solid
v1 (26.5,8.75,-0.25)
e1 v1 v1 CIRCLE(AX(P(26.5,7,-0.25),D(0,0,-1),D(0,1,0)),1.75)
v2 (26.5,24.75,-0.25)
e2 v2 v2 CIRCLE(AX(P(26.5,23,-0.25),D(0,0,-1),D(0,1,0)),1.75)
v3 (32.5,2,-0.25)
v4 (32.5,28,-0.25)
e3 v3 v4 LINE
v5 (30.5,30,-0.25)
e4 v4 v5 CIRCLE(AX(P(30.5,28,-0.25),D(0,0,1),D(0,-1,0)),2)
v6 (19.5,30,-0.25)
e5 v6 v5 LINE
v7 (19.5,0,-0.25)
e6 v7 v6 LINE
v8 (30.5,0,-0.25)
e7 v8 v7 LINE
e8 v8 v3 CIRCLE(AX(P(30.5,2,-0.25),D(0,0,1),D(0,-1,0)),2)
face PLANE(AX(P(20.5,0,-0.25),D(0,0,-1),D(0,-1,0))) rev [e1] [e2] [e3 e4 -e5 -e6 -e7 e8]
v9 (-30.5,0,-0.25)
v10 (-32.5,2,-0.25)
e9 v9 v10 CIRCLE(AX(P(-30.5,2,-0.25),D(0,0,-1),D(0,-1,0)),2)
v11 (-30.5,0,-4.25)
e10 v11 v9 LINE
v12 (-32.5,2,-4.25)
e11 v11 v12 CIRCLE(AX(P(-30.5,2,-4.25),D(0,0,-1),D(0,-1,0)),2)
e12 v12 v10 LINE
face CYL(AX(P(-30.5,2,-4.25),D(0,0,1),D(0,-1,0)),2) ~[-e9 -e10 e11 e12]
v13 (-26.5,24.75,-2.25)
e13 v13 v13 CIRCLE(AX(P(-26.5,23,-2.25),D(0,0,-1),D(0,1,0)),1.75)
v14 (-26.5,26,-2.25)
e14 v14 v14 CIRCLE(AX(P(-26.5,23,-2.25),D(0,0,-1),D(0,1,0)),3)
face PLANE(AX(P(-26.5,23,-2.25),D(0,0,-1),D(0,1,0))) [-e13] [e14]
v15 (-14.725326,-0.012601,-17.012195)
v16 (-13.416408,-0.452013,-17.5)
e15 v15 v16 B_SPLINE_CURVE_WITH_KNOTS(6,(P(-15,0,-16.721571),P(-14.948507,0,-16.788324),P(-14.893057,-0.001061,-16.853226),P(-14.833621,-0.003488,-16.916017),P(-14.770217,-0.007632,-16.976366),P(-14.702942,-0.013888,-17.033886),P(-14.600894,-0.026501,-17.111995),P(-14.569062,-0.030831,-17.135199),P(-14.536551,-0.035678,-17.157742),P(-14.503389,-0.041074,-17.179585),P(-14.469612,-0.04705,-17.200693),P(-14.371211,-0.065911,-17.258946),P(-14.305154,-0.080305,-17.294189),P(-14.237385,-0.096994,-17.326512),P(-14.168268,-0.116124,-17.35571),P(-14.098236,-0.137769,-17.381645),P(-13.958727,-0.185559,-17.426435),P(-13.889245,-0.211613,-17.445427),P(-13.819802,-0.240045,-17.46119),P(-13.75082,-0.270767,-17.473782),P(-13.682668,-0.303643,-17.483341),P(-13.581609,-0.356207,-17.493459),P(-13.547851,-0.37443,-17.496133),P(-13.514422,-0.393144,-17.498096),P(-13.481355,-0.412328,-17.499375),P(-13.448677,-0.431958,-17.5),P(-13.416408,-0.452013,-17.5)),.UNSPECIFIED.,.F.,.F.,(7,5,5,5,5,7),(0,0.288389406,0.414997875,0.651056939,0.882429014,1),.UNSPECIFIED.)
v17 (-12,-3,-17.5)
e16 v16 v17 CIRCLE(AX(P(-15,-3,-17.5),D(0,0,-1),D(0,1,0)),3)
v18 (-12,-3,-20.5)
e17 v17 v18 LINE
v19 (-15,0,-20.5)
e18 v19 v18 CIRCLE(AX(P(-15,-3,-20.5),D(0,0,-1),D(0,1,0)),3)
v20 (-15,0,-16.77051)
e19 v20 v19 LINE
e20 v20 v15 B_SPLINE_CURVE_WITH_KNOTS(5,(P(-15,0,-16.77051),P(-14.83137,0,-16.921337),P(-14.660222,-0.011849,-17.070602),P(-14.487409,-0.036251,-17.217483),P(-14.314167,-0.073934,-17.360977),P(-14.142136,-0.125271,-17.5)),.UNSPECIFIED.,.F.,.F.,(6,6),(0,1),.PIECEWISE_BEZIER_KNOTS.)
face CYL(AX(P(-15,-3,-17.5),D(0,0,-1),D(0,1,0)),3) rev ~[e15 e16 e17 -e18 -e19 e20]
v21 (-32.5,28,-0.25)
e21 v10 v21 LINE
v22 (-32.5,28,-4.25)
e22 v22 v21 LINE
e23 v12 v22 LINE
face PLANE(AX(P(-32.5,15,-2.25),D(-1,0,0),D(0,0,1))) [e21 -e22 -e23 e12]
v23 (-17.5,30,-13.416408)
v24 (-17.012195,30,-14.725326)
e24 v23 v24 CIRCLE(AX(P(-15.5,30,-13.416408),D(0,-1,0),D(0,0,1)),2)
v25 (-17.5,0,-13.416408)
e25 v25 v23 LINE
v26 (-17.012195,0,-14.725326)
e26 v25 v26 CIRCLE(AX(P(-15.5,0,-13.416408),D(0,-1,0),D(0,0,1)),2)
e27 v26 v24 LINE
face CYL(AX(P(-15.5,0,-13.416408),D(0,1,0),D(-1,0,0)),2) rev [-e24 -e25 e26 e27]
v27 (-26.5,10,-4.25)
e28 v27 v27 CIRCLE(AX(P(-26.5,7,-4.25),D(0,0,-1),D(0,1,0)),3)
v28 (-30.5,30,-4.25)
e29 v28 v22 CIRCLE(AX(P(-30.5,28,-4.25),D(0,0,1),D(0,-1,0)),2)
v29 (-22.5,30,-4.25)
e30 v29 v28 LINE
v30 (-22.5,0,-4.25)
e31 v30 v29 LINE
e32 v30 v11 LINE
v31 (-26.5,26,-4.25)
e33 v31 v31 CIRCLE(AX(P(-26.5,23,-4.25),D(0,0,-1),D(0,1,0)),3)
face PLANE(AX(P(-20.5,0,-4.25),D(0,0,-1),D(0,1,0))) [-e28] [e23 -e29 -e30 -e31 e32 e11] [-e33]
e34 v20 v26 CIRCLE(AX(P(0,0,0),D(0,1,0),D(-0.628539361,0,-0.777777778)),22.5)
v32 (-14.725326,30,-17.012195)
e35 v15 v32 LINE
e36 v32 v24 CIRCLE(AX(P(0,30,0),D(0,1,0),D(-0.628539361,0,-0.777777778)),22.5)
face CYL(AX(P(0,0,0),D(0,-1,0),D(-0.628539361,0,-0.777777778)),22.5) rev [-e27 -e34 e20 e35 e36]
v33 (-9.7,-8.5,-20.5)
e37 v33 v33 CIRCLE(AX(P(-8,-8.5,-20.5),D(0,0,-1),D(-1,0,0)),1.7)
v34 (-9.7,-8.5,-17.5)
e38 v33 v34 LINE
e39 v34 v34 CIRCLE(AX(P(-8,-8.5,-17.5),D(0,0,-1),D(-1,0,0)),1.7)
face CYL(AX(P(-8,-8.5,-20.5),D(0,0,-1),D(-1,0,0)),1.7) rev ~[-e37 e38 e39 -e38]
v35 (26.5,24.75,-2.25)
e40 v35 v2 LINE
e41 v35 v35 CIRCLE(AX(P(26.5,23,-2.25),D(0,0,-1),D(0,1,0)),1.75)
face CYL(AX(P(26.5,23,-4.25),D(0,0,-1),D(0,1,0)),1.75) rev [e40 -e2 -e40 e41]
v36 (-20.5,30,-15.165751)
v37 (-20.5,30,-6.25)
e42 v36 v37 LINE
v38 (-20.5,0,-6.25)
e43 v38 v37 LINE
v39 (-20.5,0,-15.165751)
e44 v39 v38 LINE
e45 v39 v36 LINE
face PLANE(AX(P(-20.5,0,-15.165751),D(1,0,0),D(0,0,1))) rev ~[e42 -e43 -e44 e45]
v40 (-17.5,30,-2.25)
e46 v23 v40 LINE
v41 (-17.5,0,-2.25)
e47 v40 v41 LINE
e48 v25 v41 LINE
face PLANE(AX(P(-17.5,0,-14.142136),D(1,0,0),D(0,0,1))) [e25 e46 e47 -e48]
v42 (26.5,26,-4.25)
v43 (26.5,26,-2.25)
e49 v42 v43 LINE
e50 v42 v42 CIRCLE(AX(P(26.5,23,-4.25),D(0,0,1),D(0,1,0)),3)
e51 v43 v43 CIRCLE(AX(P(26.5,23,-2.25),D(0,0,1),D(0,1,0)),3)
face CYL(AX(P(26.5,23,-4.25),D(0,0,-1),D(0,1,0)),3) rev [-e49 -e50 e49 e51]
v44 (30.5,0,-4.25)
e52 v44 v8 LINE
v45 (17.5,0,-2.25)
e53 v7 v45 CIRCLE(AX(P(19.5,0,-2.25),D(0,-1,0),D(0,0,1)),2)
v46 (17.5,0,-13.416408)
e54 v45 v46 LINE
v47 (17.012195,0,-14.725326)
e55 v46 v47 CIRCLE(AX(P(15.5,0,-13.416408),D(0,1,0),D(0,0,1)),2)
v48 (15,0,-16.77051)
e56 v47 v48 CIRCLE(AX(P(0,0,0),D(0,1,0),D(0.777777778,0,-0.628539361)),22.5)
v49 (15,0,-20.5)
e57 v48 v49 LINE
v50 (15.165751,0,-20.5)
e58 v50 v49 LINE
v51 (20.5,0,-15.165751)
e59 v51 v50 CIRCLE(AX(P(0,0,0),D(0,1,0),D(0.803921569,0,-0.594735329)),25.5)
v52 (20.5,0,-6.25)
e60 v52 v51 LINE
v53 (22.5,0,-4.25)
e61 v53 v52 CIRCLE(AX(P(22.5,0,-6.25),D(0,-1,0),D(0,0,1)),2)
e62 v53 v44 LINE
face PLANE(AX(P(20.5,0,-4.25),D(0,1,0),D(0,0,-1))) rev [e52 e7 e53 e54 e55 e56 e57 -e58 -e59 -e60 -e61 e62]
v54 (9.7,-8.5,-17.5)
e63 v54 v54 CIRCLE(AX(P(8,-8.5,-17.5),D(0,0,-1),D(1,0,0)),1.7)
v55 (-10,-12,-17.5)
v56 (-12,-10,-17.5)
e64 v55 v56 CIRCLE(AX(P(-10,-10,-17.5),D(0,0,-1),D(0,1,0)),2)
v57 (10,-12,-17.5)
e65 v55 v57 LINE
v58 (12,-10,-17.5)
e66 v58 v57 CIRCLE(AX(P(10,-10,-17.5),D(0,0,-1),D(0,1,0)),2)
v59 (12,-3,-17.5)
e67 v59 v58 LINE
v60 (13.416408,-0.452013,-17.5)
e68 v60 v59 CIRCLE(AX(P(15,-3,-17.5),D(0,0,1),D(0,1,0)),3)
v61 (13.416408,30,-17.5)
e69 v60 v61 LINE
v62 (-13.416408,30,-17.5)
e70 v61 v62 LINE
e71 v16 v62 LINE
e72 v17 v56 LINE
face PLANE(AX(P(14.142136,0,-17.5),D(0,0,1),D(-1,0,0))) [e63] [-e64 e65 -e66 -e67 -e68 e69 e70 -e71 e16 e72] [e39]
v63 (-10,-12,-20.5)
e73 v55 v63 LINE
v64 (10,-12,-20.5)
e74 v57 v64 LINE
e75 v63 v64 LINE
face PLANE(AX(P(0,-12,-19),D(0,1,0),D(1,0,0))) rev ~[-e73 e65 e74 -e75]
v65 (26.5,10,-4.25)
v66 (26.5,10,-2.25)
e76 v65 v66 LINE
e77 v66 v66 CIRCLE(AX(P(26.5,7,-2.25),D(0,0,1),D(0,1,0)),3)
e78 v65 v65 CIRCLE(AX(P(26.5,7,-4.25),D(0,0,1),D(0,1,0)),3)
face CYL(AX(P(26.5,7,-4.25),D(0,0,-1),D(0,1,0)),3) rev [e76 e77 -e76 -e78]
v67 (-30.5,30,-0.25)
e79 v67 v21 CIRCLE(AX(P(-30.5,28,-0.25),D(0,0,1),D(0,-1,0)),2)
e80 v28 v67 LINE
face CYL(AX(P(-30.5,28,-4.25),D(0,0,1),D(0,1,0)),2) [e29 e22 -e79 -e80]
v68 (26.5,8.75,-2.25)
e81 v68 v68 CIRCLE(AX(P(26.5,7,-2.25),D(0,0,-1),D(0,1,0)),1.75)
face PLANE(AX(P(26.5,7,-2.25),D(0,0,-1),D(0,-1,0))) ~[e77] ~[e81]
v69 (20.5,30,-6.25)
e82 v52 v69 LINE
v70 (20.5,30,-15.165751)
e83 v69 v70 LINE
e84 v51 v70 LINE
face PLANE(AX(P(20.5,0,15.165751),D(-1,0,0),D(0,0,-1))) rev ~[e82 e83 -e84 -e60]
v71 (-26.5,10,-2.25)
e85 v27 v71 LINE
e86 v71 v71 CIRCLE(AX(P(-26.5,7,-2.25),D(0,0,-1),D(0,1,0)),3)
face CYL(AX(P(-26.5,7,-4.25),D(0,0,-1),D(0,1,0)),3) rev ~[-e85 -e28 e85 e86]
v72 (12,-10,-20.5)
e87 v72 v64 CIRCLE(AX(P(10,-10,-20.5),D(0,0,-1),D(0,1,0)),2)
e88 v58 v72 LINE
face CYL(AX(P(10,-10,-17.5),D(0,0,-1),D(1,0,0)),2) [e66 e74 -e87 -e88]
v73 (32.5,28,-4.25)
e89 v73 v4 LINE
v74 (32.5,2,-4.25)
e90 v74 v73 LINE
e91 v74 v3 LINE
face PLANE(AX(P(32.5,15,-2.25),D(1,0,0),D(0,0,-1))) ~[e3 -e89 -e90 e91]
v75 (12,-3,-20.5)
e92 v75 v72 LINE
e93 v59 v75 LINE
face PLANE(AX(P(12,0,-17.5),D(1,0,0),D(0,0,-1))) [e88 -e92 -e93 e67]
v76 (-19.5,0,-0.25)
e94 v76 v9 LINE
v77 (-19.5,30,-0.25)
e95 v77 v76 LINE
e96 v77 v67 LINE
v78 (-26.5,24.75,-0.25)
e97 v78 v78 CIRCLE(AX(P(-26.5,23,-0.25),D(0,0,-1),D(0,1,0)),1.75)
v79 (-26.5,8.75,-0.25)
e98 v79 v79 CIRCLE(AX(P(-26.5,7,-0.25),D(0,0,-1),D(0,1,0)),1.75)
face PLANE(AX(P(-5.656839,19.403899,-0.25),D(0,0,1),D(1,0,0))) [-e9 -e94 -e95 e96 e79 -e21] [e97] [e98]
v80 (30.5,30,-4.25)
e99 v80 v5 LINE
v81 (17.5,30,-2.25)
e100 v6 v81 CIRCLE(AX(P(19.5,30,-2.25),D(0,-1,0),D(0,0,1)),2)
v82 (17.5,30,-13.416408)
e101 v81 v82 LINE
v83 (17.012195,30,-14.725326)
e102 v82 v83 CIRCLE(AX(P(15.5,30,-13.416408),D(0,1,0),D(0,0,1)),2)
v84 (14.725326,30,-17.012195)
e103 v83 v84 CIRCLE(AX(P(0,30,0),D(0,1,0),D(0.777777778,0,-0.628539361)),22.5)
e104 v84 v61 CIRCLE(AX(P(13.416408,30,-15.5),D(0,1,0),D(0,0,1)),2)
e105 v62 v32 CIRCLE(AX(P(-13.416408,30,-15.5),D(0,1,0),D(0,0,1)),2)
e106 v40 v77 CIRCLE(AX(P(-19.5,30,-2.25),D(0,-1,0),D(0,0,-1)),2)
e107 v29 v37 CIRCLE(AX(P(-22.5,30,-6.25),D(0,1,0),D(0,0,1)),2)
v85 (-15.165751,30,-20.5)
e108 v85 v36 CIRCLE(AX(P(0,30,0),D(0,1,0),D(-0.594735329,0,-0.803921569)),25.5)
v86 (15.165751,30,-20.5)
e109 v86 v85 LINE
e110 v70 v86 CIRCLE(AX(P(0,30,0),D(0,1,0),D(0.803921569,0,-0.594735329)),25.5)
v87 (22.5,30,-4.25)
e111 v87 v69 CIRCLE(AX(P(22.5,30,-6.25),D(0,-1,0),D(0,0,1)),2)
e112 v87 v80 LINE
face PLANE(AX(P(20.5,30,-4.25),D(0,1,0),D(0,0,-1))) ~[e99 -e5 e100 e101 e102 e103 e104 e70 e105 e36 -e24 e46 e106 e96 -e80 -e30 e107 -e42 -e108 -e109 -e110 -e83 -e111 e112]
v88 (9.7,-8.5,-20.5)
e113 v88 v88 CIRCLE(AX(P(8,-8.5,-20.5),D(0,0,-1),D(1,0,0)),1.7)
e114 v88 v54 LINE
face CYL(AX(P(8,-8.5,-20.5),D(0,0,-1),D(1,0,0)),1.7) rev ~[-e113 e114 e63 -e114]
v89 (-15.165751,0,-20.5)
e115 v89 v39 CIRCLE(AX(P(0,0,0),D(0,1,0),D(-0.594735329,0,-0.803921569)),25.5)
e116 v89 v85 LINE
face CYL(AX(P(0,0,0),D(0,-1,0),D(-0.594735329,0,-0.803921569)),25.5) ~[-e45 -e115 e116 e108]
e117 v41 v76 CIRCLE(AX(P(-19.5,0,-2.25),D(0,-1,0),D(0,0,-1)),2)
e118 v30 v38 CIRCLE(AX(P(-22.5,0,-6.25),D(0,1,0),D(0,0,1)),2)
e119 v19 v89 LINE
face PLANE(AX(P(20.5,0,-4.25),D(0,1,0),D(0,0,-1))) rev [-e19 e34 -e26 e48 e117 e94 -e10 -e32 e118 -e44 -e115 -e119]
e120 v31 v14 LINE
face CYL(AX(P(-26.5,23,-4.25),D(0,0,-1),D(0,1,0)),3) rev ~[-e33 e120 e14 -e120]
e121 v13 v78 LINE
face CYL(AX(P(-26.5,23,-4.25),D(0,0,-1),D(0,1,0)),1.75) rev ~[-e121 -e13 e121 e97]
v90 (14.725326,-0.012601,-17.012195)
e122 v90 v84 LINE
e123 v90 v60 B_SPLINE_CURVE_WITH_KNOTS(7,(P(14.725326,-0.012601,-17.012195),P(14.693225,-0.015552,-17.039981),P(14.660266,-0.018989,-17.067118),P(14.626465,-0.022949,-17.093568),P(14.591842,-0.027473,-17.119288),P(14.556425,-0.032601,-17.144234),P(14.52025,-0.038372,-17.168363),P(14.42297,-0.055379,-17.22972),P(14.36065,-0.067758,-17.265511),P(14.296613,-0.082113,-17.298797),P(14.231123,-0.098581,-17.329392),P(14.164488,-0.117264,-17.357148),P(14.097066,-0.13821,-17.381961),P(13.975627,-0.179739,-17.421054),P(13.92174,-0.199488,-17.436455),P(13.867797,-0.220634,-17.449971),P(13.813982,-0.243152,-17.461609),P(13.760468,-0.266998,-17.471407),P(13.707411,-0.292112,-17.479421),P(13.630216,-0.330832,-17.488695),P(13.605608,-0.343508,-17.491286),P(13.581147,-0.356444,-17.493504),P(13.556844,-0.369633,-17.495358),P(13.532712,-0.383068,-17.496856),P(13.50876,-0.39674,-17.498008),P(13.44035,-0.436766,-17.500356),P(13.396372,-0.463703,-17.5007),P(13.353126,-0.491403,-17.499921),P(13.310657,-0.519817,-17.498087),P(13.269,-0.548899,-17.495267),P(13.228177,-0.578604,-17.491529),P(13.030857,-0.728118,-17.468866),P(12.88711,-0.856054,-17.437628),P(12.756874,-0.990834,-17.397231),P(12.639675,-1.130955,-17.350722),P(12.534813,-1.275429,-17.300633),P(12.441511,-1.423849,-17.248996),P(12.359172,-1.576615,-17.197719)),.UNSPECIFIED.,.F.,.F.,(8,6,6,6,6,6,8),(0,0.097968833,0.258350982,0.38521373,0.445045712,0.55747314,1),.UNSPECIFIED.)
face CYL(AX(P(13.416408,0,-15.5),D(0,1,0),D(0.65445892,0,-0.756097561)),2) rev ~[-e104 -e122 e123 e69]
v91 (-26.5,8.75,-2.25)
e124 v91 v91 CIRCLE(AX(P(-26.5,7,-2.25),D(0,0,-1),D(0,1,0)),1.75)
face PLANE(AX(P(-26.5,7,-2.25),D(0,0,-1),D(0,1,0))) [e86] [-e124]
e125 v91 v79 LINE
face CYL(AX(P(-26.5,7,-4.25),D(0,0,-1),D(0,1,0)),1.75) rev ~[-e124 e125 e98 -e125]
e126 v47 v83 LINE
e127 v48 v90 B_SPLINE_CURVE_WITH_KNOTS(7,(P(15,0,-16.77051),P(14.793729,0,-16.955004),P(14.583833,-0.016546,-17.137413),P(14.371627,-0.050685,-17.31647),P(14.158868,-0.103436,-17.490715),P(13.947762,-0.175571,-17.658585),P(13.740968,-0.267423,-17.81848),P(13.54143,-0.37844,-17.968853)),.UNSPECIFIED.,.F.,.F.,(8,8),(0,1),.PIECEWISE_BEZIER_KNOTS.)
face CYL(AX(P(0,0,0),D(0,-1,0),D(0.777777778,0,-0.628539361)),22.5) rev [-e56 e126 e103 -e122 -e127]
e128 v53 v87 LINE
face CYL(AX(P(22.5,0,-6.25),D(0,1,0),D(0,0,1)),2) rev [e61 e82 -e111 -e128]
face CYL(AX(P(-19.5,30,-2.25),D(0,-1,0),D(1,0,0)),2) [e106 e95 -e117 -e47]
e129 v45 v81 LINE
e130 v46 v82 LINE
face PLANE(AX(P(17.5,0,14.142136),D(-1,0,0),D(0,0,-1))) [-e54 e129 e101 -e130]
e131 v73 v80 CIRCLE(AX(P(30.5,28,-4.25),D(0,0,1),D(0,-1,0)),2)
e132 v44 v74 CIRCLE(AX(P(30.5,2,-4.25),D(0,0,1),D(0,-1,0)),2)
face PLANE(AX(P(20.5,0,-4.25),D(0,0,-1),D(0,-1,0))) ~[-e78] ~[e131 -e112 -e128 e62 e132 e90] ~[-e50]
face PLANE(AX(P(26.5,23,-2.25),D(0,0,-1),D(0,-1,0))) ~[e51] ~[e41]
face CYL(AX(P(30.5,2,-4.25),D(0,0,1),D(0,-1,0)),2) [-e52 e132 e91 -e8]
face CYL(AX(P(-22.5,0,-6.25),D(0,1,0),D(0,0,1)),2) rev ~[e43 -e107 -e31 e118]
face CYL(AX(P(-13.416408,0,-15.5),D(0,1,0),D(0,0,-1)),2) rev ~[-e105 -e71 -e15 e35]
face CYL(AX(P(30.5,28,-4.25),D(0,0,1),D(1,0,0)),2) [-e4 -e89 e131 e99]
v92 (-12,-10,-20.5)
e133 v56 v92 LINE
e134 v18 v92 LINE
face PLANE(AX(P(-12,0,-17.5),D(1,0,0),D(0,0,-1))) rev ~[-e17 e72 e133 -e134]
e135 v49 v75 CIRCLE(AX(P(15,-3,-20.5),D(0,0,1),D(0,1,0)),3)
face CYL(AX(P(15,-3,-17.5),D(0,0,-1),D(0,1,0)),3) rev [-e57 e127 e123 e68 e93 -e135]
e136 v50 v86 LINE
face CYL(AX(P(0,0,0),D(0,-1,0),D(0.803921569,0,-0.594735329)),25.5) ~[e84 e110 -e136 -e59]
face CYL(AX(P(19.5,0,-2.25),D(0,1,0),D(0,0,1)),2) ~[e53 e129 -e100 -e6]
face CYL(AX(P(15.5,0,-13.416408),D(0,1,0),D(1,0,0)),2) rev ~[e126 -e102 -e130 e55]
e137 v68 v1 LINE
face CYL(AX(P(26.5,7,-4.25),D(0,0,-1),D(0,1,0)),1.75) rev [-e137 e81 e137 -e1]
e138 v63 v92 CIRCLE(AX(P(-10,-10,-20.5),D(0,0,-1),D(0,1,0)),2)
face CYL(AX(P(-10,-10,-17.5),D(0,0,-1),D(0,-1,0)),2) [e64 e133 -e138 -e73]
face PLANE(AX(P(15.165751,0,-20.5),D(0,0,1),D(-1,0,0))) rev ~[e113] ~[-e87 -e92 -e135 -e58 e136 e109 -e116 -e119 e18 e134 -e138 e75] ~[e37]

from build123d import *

# Parameters (mm, degrees)
EXTRUDE_1_DEPTH     = 30
FILLET_1_R          = 2
SKETCH_2_W          = 4
SKETCH_2_H          = 30
EXTRUDE_2_DEPTH     = 12
SKETCH_3_W          = 79.384571865
SKETCH_3_H          = 60.739492306
CUT_EXTRUDE_1_DEPTH = 30
SKETCH_4_R          = 1.75
CUT_EXTRUDE_2_DEPTH = 30
SKETCH_5_R          = 3
CUT_EXTRUDE_3_DEPTH = 2
FILLET_2_R          = 2
SKETCH_6_W          = 24
SKETCH_6_H          = 3
EXTRUDE_4_DEPTH     = 12
SKETCH_7_R          = 1.7
CUT_EXTRUDE_4_DEPTH = 12
FILLET_3_R          = 3
FILLET_4_R          = 2


with BuildPart() as part:
    # 草图1 → 凸台-拉伸1 (new body)
    with BuildSketch(Plane(origin=(0, 0, 0), x_dir=(1, 0, 0), z_dir=(0, 1, 0))):
        with BuildLine():
            Line((15.165750888, 20.5), (-15.165750888, 20.5))
            ThreePointArc((-15.165750888, 20.5), (-18.03122292, 18.03122292), (-20.5, 15.165750888))
            Line((-20.5, 15.165750888), (-20.5, -15.165750888))
            ThreePointArc((-20.5, -15.165750888), (-18.03122292, -18.03122292), (-15.165750888, -20.5))
            Line((-15.165750888, -20.5), (15.165750888, -20.5))
            ThreePointArc((15.165750888, -20.5), (18.03122292, -18.03122292), (20.5, -15.165750888))
            Line((20.5, -15.165750888), (20.5, 15.165750888))
            ThreePointArc((20.5, 15.165750888), (18.03122292, 18.03122292), (15.165750888, 20.5))
        make_face()
        with BuildLine():
            Line((-17.5, 14.142135624), (-17.5, -14.142135624))
            ThreePointArc((-17.5, -14.142135624), (-15.909902577, -15.909902577), (-14.142135624, -17.5))
            Line((-14.142135624, -17.5), (14.142135624, -17.5))
            ThreePointArc((14.142135624, -17.5), (15.909902577, -15.909902577), (17.5, -14.142135624))
            Line((17.5, -14.142135624), (17.5, 14.142135624))
            ThreePointArc((17.5, 14.142135624), (15.909902577, 15.909902577), (14.142135624, 17.5))
            Line((14.142135624, 17.5), (-14.142135624, 17.5))
            ThreePointArc((-14.142135624, 17.5), (-15.909902577, 15.909902577), (-17.5, 14.142135624))
        make_face(mode=Mode.SUBTRACT)
    extrude(amount=EXTRUDE_1_DEPTH)

    # 圆角1
    fillet_1_edges = [part.edges().sort_by_distance(p)[0] for p in [
        (-14.142135624, 15, -17.5),
        (-17.5, 15, -14.142135624),
        (-17.5, 15, 14.142135624),
        (-14.142135624, 15, 17.5),
        (14.142135624, 15, 17.5),
        (17.5, 15, 14.142135624),
        (17.5, 15, -14.142135624),
        (14.142135624, 15, -17.5),
    ]]
    fillet(fillet_1_edges, radius=FILLET_1_R)

    # 草图2 → 凸台-拉伸2 (add)
    with BuildSketch(Plane.ZY.offset(20.5)):
        with Locations((-2.25, 15)):
            Rectangle(SKETCH_2_W, SKETCH_2_H)
    extrude_2 = extrude(amount=EXTRUDE_2_DEPTH)

    # 草图3 → 切除-拉伸1 (cut)
    with BuildSketch(Plane.XY.offset(-0.25)):
        with Locations((-5.656839026, 19.40389916)):
            Rectangle(SKETCH_3_W, SKETCH_3_H)
    cut_extrude_1 = extrude(amount=CUT_EXTRUDE_1_DEPTH, mode=Mode.SUBTRACT)

    # 草图4 → 切除-拉伸2 (cut)
    with BuildSketch(Plane(origin=(0, 0, -4.25), x_dir=(-1, 0, 0), z_dir=(0, 0, -1))):
        with Locations(Location((26.5, 23, 0), (0, 0, 90))):
            Circle(SKETCH_4_R)
        with Locations(Location((26.5, 7, 0), (0, 0, 90))):
            Circle(SKETCH_4_R)
    cut_extrude_2 = extrude(amount=-CUT_EXTRUDE_2_DEPTH, mode=Mode.SUBTRACT)

    # 草图5 → 切除-拉伸3 (cut)
    with BuildSketch(Plane(origin=(0, 0, -4.25), x_dir=(-1, 0, 0), z_dir=(0, 0, -1))):
        with Locations(Location((26.5, 23, 0), (0, 0, 90))):
            Circle(SKETCH_5_R)
        with Locations(Location((26.5, 7, 0), (0, 0, 90))):
            Circle(SKETCH_5_R)
    cut_extrude_3 = extrude(amount=-CUT_EXTRUDE_3_DEPTH, mode=Mode.SUBTRACT)

    # 镜向1: 凸台-拉伸2, 切除-拉伸1, 切除-拉伸2, 切除-拉伸3 across plane
    add(extrude_2.mirror(Plane.ZY))
    add(cut_extrude_1.mirror(Plane.ZY), mode=Mode.SUBTRACT)
    add(cut_extrude_2.mirror(Plane.ZY), mode=Mode.SUBTRACT)
    add(cut_extrude_3.mirror(Plane.ZY), mode=Mode.SUBTRACT)

    # 圆角2
    fillet_2_edges = [part.edges().sort_by_distance(p)[0] for p in [
        (-20.5, 15, -4.25),
        (-32.5, 30, -2.25),
        (-32.5, 0, -2.25),
        (17.5, 15, -0.25),
        (-17.5, 15, -0.25),
        (32.5, 0, -2.25),
        (32.5, 30, -2.25),
        (20.5, 15, -4.25),
    ]]
    fillet(fillet_2_edges, radius=FILLET_2_R)

    # 草图6 → 凸台-拉伸4 (add)
    with BuildSketch(Plane(origin=(0, 0, 0), x_dir=(1, 0, 0), z_dir=(0, 1, 0))):
        with Locations((0, 19)):
            Rectangle(SKETCH_6_W, SKETCH_6_H)
    extrude(amount=-EXTRUDE_4_DEPTH)

    # 草图7 → 切除-拉伸4 (cut)
    with BuildSketch(Plane(origin=(0, 0, -20.5), x_dir=(-1, 0, 0), z_dir=(0, 0, -1))):
        with Locations((8, -8.5)):
            Circle(SKETCH_7_R)
        with Locations(Location((-8, -8.5, 0), (0, 0, 180))):
            Circle(SKETCH_7_R)
    extrude(amount=-CUT_EXTRUDE_4_DEPTH, mode=Mode.SUBTRACT)

    # 圆角3
    fillet_3_edges = [part.edges().sort_by_distance(p)[0] for p in [
        (-12, 0, -19),
        (12, 0, -19),
    ]]
    fillet(fillet_3_edges, radius=FILLET_3_R)

    # 圆角4
    fillet_4_edges = [part.edges().sort_by_distance(p)[0] for p in [
        (-12, -12, -19),
        (12, -12, -19),
    ]]
    fillet(fillet_4_edges, radius=FILLET_4_R)


solid = part.part
